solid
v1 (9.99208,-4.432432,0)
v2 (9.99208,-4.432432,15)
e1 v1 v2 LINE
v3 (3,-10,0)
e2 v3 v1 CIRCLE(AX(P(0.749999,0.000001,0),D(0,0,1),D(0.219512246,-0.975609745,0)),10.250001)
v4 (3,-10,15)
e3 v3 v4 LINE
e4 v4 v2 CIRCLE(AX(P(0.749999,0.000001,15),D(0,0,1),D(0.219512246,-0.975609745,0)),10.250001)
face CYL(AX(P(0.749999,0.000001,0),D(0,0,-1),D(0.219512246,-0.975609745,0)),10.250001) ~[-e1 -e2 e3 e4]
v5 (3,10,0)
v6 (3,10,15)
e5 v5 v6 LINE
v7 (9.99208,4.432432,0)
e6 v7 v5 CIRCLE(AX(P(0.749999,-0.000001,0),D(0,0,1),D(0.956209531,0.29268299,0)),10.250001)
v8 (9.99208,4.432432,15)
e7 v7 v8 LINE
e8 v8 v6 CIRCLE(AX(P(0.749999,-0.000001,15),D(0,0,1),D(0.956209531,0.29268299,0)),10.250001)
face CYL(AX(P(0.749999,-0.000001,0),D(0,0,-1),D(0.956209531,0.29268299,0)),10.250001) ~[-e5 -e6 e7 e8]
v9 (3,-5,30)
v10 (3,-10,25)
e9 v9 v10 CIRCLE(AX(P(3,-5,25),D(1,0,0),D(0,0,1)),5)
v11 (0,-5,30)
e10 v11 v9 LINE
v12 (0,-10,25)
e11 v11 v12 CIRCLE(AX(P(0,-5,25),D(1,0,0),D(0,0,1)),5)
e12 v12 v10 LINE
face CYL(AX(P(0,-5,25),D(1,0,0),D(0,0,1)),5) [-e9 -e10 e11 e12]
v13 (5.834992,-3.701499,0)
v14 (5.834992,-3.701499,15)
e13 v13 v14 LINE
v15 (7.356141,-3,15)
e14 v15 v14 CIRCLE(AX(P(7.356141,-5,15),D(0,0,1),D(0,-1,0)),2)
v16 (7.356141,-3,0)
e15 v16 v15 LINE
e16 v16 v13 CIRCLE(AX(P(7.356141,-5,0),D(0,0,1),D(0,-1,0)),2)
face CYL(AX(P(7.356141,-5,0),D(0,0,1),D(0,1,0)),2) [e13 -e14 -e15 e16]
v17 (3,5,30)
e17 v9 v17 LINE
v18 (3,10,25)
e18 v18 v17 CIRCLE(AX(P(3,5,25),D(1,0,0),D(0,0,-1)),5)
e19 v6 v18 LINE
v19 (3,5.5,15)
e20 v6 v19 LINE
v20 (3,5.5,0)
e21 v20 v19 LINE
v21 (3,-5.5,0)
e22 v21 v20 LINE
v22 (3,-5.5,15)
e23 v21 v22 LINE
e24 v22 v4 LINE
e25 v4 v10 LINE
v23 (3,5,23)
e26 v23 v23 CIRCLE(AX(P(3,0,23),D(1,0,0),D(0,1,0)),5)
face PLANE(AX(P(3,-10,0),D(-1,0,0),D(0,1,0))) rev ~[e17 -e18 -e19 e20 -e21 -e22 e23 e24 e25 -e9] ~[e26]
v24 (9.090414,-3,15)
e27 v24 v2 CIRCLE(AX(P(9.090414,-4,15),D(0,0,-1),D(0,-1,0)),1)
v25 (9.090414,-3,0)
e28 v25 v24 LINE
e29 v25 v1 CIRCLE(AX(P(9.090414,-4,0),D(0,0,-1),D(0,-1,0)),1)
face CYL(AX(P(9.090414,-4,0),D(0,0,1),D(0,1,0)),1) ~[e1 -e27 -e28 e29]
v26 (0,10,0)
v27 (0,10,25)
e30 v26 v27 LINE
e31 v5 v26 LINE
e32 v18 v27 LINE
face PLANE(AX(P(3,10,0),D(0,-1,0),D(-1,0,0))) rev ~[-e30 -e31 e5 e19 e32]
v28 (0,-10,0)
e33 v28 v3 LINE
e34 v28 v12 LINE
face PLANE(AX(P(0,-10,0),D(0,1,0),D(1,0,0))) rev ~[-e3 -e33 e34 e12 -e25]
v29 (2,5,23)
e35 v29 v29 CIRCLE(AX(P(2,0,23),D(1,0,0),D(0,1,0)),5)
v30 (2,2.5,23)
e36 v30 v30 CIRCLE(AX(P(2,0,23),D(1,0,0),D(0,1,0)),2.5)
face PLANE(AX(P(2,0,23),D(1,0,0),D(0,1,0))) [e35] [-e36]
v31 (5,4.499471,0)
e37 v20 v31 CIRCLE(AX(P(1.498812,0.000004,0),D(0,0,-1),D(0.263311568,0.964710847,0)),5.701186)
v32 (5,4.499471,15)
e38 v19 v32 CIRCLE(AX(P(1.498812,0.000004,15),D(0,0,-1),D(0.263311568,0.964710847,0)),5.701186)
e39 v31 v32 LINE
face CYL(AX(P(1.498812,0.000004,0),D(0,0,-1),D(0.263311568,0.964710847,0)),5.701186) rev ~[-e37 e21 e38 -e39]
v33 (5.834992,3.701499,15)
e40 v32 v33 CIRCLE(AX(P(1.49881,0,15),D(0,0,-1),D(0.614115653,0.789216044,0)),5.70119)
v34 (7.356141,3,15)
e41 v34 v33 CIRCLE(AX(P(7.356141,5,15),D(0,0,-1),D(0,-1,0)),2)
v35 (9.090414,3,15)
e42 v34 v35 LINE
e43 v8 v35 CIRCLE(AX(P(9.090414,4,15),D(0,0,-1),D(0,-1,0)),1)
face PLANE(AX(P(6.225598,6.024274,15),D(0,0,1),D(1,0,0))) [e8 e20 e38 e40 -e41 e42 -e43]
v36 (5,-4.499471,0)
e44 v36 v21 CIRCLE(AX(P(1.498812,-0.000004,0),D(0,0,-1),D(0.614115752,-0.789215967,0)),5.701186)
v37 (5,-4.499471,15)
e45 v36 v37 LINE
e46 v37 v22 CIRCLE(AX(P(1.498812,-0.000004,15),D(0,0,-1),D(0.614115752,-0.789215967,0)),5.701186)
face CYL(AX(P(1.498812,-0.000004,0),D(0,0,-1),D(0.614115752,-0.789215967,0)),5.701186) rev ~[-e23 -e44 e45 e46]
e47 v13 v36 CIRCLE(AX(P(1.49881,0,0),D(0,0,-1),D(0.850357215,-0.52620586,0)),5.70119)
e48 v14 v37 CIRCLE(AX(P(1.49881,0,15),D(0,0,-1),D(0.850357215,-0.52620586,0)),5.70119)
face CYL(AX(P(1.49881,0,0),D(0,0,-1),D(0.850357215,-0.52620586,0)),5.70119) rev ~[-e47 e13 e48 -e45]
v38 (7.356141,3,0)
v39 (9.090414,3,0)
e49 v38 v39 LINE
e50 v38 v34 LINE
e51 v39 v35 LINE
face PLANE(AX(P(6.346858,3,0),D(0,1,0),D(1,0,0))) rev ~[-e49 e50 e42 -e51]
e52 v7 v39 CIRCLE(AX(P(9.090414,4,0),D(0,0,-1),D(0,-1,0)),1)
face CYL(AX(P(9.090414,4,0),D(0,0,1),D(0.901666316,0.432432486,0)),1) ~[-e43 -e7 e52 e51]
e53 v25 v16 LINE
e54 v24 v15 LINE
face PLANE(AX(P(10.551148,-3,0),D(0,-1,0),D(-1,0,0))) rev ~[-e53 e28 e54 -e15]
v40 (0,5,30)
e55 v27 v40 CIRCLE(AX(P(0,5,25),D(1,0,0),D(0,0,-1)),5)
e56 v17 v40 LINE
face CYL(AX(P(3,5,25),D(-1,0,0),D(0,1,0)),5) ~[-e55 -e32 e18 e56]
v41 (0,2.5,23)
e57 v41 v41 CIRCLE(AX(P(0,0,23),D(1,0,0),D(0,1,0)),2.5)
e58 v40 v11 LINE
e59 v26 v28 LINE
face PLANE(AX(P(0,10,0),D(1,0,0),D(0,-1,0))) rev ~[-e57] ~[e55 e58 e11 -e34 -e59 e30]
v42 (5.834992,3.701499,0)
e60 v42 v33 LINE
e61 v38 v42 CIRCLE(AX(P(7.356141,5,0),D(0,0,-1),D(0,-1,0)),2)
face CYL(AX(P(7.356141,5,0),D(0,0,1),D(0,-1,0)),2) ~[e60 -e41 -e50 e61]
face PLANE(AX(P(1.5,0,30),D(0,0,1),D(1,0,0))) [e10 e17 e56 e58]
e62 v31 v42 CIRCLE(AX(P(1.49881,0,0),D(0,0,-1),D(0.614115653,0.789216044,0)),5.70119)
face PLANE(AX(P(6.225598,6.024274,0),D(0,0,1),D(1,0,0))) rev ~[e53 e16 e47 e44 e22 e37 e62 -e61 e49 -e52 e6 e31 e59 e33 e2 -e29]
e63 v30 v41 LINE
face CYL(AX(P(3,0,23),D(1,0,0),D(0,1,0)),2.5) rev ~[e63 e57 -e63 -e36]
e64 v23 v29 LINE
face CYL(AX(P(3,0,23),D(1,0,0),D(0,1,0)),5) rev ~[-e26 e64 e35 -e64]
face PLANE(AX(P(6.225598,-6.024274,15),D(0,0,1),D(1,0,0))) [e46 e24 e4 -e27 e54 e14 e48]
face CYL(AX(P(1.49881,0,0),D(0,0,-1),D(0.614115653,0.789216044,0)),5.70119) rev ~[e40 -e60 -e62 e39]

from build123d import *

# Parameters (mm, degrees)
F1_DEPTH = 30
F2_DEPTH = 15
F3_R     = 2.5
F4_DEPTH = 25
F5_R     = 5
F3_R_2   = 5
F6_DEPTH = 1
F7_R     = 2
F8_R     = 1


with BuildPart() as f1:
    # F0 (on Top) → F1 (new body)
    with BuildSketch(Plane.XY):
        Polygon((3, 10), (0, 10), (0, -10), (3, -10), (3, -5.5), (3, 5.5), align=None)
    extrude(amount=F1_DEPTH)

    # F0 (on Top) → F2 (join)
    with BuildSketch(Plane.XY):
        with BuildLine():
            ThreePointArc((10.551148, 3), (7.718324, 7.516978), (3, 10))
            Line((3, 10), (3, 5.5))
            Line((3, 5.5), (5, 5.5))
            Line((5, 5.5), (5, 4.499471))
            ThreePointArc((5, 4.499471), (5.740219, 3.809727), (6.346858, 3))
            Line((6.346858, 3), (10.551148, 3))
        make_face()
        with BuildLine():
            Line((3, -5.5), (3, -10))
            ThreePointArc((3, -10), (7.718324, -7.516978), (10.551148, -3))
            Line((10.551148, -3), (6.346858, -3))
            ThreePointArc((6.346858, -3), (5.740219, -3.809727), (5, -4.499471))
            Line((5, -4.499471), (5, -5.5))
            Line((5, -5.5), (3, -5.5))
        make_face()
        with BuildLine():
            Line((5, 5.5), (3, 5.5))
            ThreePointArc((3, 5.5), (4.049539, 5.09876), (5, 4.499471))
            Line((5, 4.499471), (5, 5.5))
        make_face()
        with BuildLine():
            ThreePointArc((5, -4.499471), (4.049539, -5.09876), (3, -5.5))
            Line((3, -5.5), (5, -5.5))
            Line((5, -5.5), (5, -4.499471))
        make_face()
    extrude(amount=F2_DEPTH)

    # F3 (on face) → F4 (cut)
    with BuildSketch(Plane.YZ.offset(3)):
        with Locations((0, 23)):
            Circle(F3_R)
    extrude(amount=-F4_DEPTH, mode=Mode.SUBTRACT)

    # F5
    f5_edges = [f1.edges().sort_by_distance(p)[0] for p in [
        (1.5, -10, 30),
        (1.5, 10, 30),
    ]]
    fillet(f5_edges, radius=F5_R)

    # F3 (on face) → F6 (cut)
    with BuildSketch(Plane.YZ.offset(3)):
        with Locations((0, 23)):
            Circle(F3_R_2)
        with Locations((0, 23)):
            Circle(F3_R, mode=Mode.SUBTRACT)
    extrude(amount=-F6_DEPTH, mode=Mode.SUBTRACT)

    # F7
    f7_edges = [f1.edges().sort_by_distance(p)[0] for p in [
        (6.346858, -3, 7.5),
        (6.346858, 3, 7.5),
    ]]
    fillet(f7_edges, radius=F7_R)

    # F8
    f8_edges = [f1.edges().sort_by_distance(p)[0] for p in [
        (10.551148, -3, 7.5),
        (10.551148, 3, 7.5),
    ]]
    fillet(f8_edges, radius=F8_R)


solid = f1.part
